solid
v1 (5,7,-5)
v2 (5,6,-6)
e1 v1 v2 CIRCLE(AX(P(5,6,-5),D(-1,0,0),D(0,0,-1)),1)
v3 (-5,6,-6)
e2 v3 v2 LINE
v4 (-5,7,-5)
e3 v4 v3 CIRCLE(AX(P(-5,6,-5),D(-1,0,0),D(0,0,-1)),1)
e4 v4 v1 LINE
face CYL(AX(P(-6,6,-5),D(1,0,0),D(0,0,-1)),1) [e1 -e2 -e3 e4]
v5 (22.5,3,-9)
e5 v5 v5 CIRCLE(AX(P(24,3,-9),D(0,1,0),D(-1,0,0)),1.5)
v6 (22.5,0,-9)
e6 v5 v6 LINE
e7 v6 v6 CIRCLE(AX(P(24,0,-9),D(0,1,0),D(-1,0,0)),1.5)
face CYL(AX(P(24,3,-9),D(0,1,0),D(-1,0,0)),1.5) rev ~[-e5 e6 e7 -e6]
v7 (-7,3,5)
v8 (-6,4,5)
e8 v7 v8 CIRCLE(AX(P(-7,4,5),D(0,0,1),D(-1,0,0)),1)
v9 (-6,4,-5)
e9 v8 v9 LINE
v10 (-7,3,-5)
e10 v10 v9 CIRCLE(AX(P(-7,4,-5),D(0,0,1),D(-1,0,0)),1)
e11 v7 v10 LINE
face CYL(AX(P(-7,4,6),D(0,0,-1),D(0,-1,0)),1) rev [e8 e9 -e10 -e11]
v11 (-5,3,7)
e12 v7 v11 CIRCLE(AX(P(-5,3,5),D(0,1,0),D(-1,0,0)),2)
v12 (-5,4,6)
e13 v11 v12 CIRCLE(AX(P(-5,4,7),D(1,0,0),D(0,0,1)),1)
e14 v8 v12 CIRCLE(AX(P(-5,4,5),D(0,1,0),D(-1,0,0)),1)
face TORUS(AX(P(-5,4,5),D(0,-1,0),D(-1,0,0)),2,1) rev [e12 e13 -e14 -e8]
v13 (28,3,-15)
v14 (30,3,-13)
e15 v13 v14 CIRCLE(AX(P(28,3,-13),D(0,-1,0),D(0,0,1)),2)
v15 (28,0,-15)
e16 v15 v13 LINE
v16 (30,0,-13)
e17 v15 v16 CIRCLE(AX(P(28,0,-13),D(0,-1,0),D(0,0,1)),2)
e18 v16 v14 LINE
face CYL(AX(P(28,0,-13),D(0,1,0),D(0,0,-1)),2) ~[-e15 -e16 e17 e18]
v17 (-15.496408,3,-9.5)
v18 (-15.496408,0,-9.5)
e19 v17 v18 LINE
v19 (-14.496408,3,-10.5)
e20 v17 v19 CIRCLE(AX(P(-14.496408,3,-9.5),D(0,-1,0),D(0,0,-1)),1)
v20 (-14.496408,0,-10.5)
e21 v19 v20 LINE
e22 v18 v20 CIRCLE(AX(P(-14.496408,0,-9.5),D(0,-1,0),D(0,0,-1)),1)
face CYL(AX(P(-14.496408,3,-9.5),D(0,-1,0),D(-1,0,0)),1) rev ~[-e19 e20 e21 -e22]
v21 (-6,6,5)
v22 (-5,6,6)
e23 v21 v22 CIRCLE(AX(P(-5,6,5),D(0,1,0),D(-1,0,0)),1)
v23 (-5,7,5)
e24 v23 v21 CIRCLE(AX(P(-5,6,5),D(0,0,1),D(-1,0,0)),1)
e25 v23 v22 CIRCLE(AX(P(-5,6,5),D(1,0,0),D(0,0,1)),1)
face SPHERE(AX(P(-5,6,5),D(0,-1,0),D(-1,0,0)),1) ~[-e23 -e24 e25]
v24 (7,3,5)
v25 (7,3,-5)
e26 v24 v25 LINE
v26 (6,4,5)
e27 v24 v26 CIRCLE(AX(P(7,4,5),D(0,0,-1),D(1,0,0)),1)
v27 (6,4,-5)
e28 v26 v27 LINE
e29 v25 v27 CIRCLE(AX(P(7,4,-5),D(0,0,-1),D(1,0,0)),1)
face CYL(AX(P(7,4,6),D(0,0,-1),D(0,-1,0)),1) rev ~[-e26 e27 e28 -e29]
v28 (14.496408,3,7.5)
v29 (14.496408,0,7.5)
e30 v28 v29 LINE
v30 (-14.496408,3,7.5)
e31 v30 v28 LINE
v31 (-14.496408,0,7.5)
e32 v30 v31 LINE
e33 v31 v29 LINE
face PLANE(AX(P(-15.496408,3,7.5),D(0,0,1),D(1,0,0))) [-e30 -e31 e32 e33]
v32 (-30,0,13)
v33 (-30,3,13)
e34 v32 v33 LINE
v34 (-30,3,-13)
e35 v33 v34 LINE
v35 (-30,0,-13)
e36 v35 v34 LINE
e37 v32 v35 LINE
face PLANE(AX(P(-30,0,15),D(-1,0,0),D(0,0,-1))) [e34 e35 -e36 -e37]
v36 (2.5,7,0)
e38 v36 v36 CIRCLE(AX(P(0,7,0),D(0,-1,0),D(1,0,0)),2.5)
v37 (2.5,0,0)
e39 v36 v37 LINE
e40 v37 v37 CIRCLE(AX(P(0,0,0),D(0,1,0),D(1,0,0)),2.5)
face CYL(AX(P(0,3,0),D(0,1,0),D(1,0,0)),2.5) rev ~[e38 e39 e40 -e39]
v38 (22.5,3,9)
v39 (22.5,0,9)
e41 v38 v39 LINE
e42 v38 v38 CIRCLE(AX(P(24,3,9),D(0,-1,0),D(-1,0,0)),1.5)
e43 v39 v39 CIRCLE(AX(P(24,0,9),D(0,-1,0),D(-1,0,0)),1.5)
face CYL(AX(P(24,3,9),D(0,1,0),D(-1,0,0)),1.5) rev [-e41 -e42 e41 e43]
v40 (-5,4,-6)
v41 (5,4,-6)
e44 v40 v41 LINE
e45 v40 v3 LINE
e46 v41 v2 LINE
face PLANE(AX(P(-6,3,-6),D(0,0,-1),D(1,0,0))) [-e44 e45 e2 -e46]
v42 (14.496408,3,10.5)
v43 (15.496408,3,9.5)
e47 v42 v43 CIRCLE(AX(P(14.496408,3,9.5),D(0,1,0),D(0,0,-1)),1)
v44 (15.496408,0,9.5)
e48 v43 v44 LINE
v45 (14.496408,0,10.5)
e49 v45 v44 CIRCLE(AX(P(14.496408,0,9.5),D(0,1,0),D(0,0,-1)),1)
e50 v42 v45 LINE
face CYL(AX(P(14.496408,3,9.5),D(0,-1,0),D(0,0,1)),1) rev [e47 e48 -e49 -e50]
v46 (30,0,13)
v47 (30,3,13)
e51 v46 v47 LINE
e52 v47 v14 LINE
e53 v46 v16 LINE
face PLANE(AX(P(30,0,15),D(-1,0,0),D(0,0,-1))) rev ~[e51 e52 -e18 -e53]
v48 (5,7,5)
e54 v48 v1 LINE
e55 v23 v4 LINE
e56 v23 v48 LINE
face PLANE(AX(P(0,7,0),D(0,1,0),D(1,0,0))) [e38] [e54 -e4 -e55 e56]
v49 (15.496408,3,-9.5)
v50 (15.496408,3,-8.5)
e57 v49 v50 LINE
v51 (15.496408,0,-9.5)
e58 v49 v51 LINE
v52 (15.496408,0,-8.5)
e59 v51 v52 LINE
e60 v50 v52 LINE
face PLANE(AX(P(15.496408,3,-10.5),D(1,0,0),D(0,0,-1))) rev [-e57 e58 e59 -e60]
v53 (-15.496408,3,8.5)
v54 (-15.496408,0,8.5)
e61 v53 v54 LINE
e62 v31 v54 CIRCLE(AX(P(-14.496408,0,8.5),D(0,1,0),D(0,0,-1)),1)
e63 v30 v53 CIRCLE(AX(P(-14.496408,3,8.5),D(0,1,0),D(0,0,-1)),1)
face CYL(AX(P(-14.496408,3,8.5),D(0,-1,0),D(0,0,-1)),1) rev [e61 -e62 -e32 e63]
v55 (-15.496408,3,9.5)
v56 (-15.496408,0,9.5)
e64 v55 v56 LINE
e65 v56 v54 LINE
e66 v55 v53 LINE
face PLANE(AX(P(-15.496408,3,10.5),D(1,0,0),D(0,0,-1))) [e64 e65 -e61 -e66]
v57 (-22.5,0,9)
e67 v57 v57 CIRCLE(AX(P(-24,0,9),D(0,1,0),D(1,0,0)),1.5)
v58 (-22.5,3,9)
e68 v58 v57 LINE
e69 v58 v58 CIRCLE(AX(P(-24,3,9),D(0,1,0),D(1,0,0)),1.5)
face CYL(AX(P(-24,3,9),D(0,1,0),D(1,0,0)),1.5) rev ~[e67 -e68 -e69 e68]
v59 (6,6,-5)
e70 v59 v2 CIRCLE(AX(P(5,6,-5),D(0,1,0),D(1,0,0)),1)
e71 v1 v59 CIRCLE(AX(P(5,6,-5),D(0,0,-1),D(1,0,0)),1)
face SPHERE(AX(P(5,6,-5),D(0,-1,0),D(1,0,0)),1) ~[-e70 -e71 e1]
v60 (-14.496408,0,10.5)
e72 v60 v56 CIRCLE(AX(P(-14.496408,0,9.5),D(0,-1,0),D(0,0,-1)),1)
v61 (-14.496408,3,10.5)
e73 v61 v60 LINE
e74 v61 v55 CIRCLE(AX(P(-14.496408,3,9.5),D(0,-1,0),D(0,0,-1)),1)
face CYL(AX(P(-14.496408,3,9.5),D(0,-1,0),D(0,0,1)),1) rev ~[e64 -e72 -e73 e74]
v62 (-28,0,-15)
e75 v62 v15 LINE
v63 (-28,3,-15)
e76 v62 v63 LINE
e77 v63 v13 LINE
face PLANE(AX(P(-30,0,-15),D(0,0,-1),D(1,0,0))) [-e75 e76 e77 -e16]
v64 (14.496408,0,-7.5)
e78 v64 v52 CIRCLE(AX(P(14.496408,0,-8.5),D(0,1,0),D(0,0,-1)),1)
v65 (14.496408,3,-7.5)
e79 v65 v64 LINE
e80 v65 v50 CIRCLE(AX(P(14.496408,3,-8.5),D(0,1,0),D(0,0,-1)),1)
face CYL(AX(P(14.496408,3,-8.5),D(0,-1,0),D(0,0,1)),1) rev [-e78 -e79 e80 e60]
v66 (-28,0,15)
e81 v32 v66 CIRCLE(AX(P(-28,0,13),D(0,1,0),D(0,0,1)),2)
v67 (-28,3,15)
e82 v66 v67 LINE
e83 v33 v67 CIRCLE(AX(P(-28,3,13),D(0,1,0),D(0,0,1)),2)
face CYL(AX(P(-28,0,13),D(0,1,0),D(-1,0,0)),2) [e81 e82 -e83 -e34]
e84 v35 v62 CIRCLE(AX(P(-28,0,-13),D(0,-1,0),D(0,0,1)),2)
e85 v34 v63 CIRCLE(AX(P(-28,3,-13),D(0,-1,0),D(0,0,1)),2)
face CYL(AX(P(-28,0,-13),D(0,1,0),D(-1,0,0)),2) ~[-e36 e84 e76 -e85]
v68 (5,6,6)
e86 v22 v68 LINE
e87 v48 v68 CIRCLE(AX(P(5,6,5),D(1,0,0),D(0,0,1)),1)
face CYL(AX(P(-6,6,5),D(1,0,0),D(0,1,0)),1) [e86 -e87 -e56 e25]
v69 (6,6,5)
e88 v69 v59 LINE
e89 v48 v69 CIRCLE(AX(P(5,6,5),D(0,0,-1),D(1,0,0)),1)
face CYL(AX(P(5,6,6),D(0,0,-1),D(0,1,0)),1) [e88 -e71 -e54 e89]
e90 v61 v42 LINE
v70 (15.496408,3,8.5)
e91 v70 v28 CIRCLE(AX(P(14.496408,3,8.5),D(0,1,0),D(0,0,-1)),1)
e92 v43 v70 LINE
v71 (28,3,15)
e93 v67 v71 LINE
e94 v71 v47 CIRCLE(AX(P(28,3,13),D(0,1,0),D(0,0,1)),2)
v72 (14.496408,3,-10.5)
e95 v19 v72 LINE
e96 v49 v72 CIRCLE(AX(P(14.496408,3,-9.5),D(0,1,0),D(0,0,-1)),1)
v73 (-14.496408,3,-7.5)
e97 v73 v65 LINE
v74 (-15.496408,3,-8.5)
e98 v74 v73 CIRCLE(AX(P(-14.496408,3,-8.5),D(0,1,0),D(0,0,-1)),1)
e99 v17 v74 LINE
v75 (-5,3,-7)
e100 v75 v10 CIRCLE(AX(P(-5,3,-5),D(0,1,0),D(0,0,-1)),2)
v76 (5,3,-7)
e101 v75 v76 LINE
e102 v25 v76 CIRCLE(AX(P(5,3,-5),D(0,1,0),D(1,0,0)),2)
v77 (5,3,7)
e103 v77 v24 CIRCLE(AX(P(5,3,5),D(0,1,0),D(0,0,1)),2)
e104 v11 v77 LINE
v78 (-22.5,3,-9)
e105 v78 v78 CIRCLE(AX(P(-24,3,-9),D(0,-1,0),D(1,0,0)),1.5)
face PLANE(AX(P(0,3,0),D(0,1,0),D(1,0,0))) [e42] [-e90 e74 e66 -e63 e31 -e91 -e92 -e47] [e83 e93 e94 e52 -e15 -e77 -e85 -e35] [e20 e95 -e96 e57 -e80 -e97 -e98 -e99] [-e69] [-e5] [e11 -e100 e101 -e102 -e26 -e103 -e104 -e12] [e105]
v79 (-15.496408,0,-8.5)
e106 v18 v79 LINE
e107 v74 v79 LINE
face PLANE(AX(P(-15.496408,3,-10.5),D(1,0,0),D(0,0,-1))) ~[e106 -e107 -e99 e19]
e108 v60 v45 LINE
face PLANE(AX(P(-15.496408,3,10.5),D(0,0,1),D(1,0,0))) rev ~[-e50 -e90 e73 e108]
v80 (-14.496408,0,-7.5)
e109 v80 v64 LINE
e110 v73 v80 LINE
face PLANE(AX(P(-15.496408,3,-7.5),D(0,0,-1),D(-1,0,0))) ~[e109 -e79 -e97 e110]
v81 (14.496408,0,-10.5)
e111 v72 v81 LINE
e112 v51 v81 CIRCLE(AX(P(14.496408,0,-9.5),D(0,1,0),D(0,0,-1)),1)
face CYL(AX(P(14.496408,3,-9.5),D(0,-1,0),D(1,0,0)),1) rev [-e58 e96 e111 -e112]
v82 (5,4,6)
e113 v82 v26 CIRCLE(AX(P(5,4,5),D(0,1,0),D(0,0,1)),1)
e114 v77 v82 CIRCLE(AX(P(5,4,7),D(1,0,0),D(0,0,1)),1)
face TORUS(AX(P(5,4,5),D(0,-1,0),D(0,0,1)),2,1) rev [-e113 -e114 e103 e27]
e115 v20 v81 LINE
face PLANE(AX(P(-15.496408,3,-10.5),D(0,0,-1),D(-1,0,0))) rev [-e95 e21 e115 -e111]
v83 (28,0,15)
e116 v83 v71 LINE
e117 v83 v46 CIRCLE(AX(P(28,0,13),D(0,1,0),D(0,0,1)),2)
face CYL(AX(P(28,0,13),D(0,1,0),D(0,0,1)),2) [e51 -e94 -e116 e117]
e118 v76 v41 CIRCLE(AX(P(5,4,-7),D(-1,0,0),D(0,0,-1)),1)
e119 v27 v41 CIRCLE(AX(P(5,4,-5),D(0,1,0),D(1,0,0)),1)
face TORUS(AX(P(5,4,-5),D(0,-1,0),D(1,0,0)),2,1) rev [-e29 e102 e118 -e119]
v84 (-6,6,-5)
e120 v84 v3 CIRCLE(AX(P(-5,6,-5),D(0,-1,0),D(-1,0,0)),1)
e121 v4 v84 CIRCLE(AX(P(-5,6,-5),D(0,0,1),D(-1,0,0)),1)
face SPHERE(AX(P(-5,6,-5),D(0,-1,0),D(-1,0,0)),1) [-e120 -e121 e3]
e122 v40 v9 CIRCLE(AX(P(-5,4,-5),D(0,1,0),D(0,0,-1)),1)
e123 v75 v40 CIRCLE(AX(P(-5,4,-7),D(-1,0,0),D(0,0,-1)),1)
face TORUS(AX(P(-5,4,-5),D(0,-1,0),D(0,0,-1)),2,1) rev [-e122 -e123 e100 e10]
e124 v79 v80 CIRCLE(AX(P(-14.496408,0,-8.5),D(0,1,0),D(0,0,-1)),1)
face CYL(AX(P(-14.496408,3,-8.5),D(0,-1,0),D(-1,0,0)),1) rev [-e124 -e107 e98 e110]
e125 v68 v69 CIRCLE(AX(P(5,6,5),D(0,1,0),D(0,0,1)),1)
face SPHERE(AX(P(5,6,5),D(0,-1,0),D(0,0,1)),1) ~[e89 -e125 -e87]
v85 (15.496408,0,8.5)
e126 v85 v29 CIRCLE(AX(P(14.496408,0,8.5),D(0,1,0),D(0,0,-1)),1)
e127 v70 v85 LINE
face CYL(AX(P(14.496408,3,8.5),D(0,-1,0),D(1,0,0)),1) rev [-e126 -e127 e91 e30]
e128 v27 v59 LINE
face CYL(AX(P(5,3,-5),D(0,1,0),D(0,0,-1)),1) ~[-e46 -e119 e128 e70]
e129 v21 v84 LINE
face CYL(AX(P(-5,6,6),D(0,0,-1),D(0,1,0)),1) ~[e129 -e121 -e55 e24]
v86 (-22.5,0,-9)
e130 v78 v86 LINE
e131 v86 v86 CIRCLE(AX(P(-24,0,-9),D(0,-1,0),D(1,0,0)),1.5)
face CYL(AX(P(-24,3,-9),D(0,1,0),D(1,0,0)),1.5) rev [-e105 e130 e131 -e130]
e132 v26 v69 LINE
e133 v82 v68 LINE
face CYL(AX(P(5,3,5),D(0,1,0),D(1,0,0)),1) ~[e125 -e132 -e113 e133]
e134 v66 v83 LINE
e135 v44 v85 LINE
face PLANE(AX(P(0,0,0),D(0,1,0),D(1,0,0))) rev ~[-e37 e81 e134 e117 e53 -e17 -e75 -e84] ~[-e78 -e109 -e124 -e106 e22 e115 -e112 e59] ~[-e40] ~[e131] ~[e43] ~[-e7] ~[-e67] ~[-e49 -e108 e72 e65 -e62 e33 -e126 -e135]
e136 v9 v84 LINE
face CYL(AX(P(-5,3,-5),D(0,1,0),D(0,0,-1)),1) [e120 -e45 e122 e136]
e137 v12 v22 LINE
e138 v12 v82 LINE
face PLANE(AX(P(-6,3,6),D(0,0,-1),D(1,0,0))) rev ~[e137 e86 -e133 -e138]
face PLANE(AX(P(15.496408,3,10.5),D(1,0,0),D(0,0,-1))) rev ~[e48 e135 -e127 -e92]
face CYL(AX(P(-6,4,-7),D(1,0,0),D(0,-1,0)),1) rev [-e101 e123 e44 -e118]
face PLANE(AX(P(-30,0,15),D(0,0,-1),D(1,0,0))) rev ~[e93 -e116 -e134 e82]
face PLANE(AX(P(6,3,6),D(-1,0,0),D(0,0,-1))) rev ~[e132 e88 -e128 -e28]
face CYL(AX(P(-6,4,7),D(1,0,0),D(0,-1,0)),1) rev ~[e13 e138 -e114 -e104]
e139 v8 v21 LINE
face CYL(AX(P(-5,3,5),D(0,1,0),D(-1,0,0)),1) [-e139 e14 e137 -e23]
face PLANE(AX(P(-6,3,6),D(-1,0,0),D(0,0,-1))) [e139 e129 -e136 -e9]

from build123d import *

# Parameters (mm, degrees)
SKETCH_1_W               = 60
SKETCH_1_H               = 30
EXTRUDE_1_DEPTH          = 3
SKETCH_2_R               = 1.5
CUT_EXTRUDE_1_DEPTH      = 3
SKETCH_5_W               = 12
SKETCH_5_H               = 12
EXTRUDE_2_DEPTH          = 4
MIRROR_2_COPY_1_SKETCH_R = 1.5
MIRROR_2_COPY_1_DEPTH    = 3
SKETCH_3_W               = 30.992816336
SKETCH_3_H               = 3
CUT_EXTRUDE_2_DEPTH      = 3
FILLET_1_R               = 1
FILLET_1_OF_MIRROR_3_R   = 1
FILLET_2_R               = 2
SKETCH_4_R               = 2.5
CUT_EXTRUDE_3_DEPTH      = 5
CUT_EXTRUDE_3_DEPTH_BACK = 4
FILLET_3_R               = 1


with BuildPart() as part:
    # 草图1 → 凸台-拉伸1 (new body)
    with BuildSketch(Plane(origin=(0, 0, 0), x_dir=(1, 0, 0), z_dir=(0, 1, 0))):
        Rectangle(SKETCH_1_W, SKETCH_1_H)
    extrude(amount=EXTRUDE_1_DEPTH)

    # 草图2 → 切除-拉伸1 (cut)
    with BuildSketch(Plane(origin=(0, 3, 0), x_dir=(1, 0, 0), z_dir=(0, 1, 0))):
        with Locations((-24, -9)):
            Circle(SKETCH_2_R)
    cut_extrude_1 = extrude(amount=-CUT_EXTRUDE_1_DEPTH, mode=Mode.SUBTRACT)

    # 草图5 → 凸台-拉伸2 (add)
    with BuildSketch(Plane(origin=(0, 3, 0), x_dir=(1, 0, 0), z_dir=(0, 1, 0))):
        Rectangle(SKETCH_5_W, SKETCH_5_H)
    extrude(amount=EXTRUDE_2_DEPTH)

    # 镜向1: 切除-拉伸1 across plane
    add(cut_extrude_1.mirror(Plane.XY), mode=Mode.SUBTRACT)

    # 镜向2: 切除-拉伸1 across plane
    add(cut_extrude_1.mirror(Plane(origin=(0, 0, 0), x_dir=(0, 0, 1), z_dir=(1, 0, 0))), mode=Mode.SUBTRACT)

    # 镜向2 copy 1 sketch → 镜向2 copy 1 (cut)
    with BuildSketch(Plane(origin=(0, 3, 0), x_dir=(-1, 0, 0), z_dir=(0, 1, 0))):
        with Locations((-24, -9)):
            Circle(MIRROR_2_COPY_1_SKETCH_R)
    extrude(amount=-MIRROR_2_COPY_1_DEPTH, mode=Mode.SUBTRACT)

    # 草图3 → 切除-拉伸2 (cut)
    with BuildSketch(Plane(origin=(0, 3, 0), x_dir=(1, 0, 0), z_dir=(0, 1, 0))):
        with Locations((0, -9)):
            Rectangle(SKETCH_3_W, SKETCH_3_H)
    cut_extrude_2 = extrude(amount=-CUT_EXTRUDE_2_DEPTH, mode=Mode.SUBTRACT)

    # 圆角1
    fillet_1_edges = [part.edges().sort_by_distance(p)[0] for p in [
        (-15.496408168, 1.5, 10.5),
        (-15.496408168, 1.5, 7.5),
        (15.496408168, 1.5, 7.5),
        (15.496408168, 1.5, 10.5),
    ]]
    fillet(fillet_1_edges, radius=FILLET_1_R)

    # 镜向3: 切除-拉伸2 across plane
    add(cut_extrude_2.mirror(Plane.XY), mode=Mode.SUBTRACT)

    # 圆角1 of 镜向3
    fillet_1_of_mirror_3_edges = [part.edges().sort_by_distance(p)[0] for p in [
        (-15.496408168, 1.5, -10.5),
        (-15.496408168, 1.5, -7.5),
        (15.496408168, 1.5, -7.5),
        (15.496408168, 1.5, -10.5),
    ]]
    fillet(fillet_1_of_mirror_3_edges, radius=FILLET_1_OF_MIRROR_3_R)

    # 圆角2
    fillet_2_edges = [part.edges().sort_by_distance(p)[0] for p in [
        (-30, 1.5, -15),
        (30, 1.5, -15),
        (30, 1.5, 15),
        (-30, 1.5, 15),
    ]]
    fillet(fillet_2_edges, radius=FILLET_2_R)

    # 草图4 → 切除-拉伸3 (cut, two sides)
    with BuildSketch(Plane(origin=(0, 3, 0), x_dir=(1, 0, 0), z_dir=(0, 1, 0))) as cut_extrude_3_sk:
        Circle(SKETCH_4_R)
    extrude(amount=CUT_EXTRUDE_3_DEPTH, mode=Mode.SUBTRACT)
    extrude(cut_extrude_3_sk.sketch, amount=-CUT_EXTRUDE_3_DEPTH_BACK, mode=Mode.SUBTRACT)

    # 圆角3
    fillet_3_edges = [part.edges().sort_by_distance(p)[0] for p in [
        (-6, 3, 0),
        (-6, 5, -6),
        (0, 3, 6),
        (-6, 5, 6),
        (6, 3, 0),
        (6, 5, 6),
        (0, 3, -6),
        (6, 5, -6),
        (-6, 7, 0),
        (0, 7, 6),
        (6, 7, 0),
        (0, 7, -6),
    ]]
    fillet(fillet_3_edges, radius=FILLET_3_R)


solid = part.part
